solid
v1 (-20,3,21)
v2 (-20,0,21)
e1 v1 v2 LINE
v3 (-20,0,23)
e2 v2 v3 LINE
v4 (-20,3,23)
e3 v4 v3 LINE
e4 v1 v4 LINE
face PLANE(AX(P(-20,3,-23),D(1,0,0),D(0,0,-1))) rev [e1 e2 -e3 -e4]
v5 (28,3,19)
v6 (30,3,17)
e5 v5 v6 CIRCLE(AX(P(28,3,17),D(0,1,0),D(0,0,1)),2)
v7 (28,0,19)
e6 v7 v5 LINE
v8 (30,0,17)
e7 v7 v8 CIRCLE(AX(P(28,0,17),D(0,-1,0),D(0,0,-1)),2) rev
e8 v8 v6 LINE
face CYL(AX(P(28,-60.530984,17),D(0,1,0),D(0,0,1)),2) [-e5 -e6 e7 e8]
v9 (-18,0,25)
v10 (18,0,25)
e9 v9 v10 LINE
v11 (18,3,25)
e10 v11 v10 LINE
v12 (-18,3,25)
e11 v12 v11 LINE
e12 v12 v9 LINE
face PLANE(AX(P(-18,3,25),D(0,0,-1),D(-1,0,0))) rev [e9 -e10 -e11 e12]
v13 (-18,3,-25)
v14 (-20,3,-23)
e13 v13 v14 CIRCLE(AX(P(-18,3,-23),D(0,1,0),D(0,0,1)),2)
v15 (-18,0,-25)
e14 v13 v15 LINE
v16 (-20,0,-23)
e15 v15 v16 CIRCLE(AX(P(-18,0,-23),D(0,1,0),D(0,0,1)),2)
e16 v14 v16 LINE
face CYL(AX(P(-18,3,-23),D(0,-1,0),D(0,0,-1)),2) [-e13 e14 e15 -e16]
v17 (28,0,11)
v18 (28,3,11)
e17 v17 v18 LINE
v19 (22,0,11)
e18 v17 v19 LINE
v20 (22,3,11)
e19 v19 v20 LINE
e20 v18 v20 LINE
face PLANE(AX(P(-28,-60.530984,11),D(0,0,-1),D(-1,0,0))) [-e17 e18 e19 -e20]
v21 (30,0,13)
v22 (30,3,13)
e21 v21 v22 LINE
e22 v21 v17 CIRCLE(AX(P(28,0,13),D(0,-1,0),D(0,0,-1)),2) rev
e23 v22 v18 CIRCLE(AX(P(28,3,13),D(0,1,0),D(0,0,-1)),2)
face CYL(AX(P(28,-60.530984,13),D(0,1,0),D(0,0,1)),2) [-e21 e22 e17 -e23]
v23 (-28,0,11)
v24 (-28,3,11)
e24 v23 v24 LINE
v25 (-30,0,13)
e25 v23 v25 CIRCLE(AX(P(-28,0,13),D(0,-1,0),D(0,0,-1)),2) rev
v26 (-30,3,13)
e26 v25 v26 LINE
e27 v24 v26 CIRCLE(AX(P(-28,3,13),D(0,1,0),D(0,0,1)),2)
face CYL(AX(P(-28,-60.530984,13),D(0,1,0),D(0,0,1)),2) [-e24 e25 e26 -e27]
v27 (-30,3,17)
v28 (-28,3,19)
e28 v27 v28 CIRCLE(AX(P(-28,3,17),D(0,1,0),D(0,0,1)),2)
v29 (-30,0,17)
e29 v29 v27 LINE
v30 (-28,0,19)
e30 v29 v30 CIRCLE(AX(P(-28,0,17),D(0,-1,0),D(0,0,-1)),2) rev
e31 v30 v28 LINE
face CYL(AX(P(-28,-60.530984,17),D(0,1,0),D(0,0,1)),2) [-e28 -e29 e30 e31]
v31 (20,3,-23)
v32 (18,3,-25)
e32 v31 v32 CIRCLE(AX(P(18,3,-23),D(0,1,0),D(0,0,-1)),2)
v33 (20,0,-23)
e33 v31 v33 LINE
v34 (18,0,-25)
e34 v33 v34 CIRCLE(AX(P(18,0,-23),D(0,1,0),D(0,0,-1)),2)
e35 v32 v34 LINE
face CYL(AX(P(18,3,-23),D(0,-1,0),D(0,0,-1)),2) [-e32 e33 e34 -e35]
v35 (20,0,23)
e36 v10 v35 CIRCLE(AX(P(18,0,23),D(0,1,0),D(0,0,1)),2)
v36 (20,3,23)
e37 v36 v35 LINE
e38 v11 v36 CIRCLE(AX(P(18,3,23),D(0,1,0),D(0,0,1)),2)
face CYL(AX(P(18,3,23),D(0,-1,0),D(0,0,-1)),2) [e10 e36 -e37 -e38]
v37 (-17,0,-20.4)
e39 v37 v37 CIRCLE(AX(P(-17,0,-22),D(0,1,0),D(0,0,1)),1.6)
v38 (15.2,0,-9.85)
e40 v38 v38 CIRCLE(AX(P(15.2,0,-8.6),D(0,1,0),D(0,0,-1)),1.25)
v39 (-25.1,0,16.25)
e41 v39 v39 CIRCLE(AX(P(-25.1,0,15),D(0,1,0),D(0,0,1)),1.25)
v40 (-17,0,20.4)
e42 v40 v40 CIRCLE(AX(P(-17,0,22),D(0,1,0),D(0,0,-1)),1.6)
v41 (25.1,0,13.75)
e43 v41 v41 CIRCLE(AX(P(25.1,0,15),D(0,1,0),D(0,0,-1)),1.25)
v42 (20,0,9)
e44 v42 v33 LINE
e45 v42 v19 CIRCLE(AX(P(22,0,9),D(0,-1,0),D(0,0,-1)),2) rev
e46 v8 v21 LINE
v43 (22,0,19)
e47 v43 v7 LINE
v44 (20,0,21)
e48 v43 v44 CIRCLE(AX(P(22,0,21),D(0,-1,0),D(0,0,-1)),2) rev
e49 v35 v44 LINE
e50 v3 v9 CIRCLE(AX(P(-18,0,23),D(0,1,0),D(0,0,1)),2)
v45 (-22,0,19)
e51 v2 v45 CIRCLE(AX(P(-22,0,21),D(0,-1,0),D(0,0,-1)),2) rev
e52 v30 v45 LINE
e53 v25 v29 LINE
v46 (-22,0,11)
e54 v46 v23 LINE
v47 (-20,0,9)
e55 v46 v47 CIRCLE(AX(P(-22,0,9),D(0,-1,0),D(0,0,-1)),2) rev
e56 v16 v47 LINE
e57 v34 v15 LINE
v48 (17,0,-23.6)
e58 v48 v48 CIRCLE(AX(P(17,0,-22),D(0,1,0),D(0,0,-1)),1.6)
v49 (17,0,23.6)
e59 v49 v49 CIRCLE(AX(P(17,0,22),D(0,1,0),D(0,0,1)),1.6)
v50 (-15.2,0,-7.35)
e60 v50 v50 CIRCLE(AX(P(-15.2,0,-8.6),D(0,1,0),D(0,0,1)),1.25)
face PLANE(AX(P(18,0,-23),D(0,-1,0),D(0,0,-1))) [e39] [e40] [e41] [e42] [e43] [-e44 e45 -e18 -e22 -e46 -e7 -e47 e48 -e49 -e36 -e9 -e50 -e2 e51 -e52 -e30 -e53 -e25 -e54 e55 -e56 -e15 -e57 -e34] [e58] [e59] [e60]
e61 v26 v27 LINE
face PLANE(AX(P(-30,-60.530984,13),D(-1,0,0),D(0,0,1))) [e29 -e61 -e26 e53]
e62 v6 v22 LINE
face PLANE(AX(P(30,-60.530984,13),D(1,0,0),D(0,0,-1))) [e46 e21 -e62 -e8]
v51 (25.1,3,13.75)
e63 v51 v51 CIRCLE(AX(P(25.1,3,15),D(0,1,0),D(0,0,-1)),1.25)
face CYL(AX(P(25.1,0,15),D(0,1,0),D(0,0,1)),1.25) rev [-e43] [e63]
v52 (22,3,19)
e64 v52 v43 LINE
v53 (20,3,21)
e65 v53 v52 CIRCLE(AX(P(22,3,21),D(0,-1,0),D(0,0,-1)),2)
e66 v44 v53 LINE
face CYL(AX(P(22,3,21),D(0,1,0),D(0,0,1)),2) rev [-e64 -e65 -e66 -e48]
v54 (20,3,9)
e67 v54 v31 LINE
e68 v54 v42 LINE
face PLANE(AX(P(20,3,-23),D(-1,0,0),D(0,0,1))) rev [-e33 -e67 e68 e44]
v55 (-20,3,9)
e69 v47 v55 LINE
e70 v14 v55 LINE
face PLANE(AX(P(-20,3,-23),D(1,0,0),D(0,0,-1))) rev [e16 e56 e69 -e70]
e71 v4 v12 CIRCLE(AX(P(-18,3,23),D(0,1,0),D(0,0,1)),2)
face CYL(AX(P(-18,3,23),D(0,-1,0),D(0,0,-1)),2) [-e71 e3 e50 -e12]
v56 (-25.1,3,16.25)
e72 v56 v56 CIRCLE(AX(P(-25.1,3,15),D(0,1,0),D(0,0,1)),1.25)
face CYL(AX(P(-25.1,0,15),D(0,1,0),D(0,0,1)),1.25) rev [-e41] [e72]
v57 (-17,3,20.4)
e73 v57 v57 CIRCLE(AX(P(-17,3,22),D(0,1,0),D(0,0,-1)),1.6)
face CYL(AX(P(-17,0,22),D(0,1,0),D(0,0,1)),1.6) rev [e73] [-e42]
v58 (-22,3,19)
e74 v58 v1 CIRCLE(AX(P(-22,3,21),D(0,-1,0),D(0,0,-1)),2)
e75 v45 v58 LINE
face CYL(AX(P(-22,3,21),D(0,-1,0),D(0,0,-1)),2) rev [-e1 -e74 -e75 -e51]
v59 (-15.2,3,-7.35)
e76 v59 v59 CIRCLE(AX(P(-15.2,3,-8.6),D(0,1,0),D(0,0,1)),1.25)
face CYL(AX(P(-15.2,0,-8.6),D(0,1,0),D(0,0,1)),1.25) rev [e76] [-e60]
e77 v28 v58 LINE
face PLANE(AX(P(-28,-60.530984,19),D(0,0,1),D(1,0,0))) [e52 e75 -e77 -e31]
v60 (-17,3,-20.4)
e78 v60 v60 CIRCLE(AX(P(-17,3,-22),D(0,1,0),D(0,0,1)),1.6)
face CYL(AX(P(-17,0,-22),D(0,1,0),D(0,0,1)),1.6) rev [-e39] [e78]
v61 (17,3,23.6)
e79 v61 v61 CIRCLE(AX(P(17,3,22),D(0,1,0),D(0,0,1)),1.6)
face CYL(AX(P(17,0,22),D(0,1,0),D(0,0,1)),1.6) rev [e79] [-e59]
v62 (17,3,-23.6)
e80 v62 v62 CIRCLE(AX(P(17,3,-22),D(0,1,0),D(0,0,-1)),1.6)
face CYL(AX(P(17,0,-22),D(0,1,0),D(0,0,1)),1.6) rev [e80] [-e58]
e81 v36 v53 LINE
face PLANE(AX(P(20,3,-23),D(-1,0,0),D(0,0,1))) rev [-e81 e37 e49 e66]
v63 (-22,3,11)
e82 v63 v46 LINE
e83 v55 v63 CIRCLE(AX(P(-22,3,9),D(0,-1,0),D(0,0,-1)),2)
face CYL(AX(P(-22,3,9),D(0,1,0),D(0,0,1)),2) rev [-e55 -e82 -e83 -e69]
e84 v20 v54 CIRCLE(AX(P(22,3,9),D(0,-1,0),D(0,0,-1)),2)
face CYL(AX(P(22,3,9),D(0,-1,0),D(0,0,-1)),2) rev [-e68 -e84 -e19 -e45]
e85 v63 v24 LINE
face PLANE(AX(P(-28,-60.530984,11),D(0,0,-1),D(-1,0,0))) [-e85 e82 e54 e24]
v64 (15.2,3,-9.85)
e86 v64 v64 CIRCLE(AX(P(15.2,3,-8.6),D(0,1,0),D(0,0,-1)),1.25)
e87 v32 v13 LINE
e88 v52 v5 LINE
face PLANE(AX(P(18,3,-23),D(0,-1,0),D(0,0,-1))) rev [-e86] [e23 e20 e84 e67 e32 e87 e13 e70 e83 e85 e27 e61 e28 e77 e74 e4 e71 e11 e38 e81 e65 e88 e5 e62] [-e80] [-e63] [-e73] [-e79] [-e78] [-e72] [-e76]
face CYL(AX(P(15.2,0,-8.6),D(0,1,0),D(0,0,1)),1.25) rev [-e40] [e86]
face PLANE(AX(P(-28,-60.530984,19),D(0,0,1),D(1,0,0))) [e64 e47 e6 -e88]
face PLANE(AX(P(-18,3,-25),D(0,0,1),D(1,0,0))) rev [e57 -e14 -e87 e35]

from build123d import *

# Parameters (mm, degrees)
EXTRUDE_1_DEPTH     = 3
EXTRUDE_2_DEPTH     = 3
SKETCH_2_R          = 1.25
CUT_EXTRUDE_1_DEPTH = 3
SKETCH_3_R          = 1.6
CUT_EXTRUDE_2_DEPTH = 3
FILLET_1_R          = 2


with BuildPart() as part:
    # 草图1 → 凸台-拉伸1 (new body)
    with BuildSketch(Plane(origin=(0, 0, 0), x_dir=(1, 0, 0), z_dir=(0, 1, 0))):
        with BuildLine():
            Line((-18, 25), (18, 25))
            ThreePointArc((18, 25), (19.414213562, 24.414213562), (20, 23))
            Line((20, 23), (20, -23))
            ThreePointArc((20, -23), (19.414213562, -24.414213562), (18, -25))
            Line((18, -25), (-18, -25))
            ThreePointArc((-18, -25), (-19.414213562, -24.414213562), (-20, -23))
            Line((-20, -23), (-20, 23))
            ThreePointArc((-20, 23), (-19.414213562, 24.414213562), (-18, 25))
        make_face()
    extrude(amount=EXTRUDE_1_DEPTH)

    # 草图4 → 凸台-拉伸2 (add)
    with BuildSketch(Plane(origin=(0, 3, 0), x_dir=(1, 0, 0), z_dir=(0, 1, 0))):
        with BuildLine():
            Line((-28, -11), (28, -11))
            ThreePointArc((28, -11), (29.414213562, -11.585786438), (30, -13))
            Line((30, -13), (30, -17))
            ThreePointArc((30, -17), (29.414213562, -18.414213562), (28, -19))
            Line((28, -19), (-28, -19))
            ThreePointArc((-28, -19), (-29.414213562, -18.414213562), (-30, -17))
            Line((-30, -17), (-30, -13))
            ThreePointArc((-30, -13), (-29.414213562, -11.585786438), (-28, -11))
        make_face()
    extrude(amount=-EXTRUDE_2_DEPTH)

    # 草图2 → 切除-拉伸1 (cut)
    with BuildSketch(Plane(origin=(0, 3, 0), x_dir=(1, 0, 0), z_dir=(0, 1, 0))):
        with Locations(Location((-25.1, -15, 0), (0, 0, 270))):
            Circle(SKETCH_2_R)
        with Locations(Location((-15.2, 8.6, 0), (0, 0, 270))):
            Circle(SKETCH_2_R)
        with Locations(Location((15.2, 8.6, 0), (0, 0, 90))):
            Circle(SKETCH_2_R)
        with Locations(Location((25.1, -15, 0), (0, 0, 90))):
            Circle(SKETCH_2_R)
    extrude(amount=-CUT_EXTRUDE_1_DEPTH, mode=Mode.SUBTRACT)

    # 草图3 → 切除-拉伸2 (cut)
    with BuildSketch(Plane(origin=(0, 3, 0), x_dir=(1, 0, 0), z_dir=(0, 1, 0))):
        with Locations(Location((-17, 22, 0), (0, 0, 270))):
            Circle(SKETCH_3_R)
        with Locations(Location((-17, -22, 0), (0, 0, 90))):
            Circle(SKETCH_3_R)
        with Locations(Location((17, -22, 0), (0, 0, 270))):
            Circle(SKETCH_3_R)
        with Locations(Location((17, 22, 0), (0, 0, 90))):
            Circle(SKETCH_3_R)
    extrude(amount=-CUT_EXTRUDE_2_DEPTH, mode=Mode.SUBTRACT)

    # 圆角1
    fillet_1_edges = [part.edges().sort_by_distance(p)[0] for p in [
        (-20, 1.5, 11),
        (20, 1.5, 11),
        (-20, 1.5, 19),
        (20, 1.5, 19),
    ]]
    fillet(fillet_1_edges, radius=FILLET_1_R)


solid = part.part
